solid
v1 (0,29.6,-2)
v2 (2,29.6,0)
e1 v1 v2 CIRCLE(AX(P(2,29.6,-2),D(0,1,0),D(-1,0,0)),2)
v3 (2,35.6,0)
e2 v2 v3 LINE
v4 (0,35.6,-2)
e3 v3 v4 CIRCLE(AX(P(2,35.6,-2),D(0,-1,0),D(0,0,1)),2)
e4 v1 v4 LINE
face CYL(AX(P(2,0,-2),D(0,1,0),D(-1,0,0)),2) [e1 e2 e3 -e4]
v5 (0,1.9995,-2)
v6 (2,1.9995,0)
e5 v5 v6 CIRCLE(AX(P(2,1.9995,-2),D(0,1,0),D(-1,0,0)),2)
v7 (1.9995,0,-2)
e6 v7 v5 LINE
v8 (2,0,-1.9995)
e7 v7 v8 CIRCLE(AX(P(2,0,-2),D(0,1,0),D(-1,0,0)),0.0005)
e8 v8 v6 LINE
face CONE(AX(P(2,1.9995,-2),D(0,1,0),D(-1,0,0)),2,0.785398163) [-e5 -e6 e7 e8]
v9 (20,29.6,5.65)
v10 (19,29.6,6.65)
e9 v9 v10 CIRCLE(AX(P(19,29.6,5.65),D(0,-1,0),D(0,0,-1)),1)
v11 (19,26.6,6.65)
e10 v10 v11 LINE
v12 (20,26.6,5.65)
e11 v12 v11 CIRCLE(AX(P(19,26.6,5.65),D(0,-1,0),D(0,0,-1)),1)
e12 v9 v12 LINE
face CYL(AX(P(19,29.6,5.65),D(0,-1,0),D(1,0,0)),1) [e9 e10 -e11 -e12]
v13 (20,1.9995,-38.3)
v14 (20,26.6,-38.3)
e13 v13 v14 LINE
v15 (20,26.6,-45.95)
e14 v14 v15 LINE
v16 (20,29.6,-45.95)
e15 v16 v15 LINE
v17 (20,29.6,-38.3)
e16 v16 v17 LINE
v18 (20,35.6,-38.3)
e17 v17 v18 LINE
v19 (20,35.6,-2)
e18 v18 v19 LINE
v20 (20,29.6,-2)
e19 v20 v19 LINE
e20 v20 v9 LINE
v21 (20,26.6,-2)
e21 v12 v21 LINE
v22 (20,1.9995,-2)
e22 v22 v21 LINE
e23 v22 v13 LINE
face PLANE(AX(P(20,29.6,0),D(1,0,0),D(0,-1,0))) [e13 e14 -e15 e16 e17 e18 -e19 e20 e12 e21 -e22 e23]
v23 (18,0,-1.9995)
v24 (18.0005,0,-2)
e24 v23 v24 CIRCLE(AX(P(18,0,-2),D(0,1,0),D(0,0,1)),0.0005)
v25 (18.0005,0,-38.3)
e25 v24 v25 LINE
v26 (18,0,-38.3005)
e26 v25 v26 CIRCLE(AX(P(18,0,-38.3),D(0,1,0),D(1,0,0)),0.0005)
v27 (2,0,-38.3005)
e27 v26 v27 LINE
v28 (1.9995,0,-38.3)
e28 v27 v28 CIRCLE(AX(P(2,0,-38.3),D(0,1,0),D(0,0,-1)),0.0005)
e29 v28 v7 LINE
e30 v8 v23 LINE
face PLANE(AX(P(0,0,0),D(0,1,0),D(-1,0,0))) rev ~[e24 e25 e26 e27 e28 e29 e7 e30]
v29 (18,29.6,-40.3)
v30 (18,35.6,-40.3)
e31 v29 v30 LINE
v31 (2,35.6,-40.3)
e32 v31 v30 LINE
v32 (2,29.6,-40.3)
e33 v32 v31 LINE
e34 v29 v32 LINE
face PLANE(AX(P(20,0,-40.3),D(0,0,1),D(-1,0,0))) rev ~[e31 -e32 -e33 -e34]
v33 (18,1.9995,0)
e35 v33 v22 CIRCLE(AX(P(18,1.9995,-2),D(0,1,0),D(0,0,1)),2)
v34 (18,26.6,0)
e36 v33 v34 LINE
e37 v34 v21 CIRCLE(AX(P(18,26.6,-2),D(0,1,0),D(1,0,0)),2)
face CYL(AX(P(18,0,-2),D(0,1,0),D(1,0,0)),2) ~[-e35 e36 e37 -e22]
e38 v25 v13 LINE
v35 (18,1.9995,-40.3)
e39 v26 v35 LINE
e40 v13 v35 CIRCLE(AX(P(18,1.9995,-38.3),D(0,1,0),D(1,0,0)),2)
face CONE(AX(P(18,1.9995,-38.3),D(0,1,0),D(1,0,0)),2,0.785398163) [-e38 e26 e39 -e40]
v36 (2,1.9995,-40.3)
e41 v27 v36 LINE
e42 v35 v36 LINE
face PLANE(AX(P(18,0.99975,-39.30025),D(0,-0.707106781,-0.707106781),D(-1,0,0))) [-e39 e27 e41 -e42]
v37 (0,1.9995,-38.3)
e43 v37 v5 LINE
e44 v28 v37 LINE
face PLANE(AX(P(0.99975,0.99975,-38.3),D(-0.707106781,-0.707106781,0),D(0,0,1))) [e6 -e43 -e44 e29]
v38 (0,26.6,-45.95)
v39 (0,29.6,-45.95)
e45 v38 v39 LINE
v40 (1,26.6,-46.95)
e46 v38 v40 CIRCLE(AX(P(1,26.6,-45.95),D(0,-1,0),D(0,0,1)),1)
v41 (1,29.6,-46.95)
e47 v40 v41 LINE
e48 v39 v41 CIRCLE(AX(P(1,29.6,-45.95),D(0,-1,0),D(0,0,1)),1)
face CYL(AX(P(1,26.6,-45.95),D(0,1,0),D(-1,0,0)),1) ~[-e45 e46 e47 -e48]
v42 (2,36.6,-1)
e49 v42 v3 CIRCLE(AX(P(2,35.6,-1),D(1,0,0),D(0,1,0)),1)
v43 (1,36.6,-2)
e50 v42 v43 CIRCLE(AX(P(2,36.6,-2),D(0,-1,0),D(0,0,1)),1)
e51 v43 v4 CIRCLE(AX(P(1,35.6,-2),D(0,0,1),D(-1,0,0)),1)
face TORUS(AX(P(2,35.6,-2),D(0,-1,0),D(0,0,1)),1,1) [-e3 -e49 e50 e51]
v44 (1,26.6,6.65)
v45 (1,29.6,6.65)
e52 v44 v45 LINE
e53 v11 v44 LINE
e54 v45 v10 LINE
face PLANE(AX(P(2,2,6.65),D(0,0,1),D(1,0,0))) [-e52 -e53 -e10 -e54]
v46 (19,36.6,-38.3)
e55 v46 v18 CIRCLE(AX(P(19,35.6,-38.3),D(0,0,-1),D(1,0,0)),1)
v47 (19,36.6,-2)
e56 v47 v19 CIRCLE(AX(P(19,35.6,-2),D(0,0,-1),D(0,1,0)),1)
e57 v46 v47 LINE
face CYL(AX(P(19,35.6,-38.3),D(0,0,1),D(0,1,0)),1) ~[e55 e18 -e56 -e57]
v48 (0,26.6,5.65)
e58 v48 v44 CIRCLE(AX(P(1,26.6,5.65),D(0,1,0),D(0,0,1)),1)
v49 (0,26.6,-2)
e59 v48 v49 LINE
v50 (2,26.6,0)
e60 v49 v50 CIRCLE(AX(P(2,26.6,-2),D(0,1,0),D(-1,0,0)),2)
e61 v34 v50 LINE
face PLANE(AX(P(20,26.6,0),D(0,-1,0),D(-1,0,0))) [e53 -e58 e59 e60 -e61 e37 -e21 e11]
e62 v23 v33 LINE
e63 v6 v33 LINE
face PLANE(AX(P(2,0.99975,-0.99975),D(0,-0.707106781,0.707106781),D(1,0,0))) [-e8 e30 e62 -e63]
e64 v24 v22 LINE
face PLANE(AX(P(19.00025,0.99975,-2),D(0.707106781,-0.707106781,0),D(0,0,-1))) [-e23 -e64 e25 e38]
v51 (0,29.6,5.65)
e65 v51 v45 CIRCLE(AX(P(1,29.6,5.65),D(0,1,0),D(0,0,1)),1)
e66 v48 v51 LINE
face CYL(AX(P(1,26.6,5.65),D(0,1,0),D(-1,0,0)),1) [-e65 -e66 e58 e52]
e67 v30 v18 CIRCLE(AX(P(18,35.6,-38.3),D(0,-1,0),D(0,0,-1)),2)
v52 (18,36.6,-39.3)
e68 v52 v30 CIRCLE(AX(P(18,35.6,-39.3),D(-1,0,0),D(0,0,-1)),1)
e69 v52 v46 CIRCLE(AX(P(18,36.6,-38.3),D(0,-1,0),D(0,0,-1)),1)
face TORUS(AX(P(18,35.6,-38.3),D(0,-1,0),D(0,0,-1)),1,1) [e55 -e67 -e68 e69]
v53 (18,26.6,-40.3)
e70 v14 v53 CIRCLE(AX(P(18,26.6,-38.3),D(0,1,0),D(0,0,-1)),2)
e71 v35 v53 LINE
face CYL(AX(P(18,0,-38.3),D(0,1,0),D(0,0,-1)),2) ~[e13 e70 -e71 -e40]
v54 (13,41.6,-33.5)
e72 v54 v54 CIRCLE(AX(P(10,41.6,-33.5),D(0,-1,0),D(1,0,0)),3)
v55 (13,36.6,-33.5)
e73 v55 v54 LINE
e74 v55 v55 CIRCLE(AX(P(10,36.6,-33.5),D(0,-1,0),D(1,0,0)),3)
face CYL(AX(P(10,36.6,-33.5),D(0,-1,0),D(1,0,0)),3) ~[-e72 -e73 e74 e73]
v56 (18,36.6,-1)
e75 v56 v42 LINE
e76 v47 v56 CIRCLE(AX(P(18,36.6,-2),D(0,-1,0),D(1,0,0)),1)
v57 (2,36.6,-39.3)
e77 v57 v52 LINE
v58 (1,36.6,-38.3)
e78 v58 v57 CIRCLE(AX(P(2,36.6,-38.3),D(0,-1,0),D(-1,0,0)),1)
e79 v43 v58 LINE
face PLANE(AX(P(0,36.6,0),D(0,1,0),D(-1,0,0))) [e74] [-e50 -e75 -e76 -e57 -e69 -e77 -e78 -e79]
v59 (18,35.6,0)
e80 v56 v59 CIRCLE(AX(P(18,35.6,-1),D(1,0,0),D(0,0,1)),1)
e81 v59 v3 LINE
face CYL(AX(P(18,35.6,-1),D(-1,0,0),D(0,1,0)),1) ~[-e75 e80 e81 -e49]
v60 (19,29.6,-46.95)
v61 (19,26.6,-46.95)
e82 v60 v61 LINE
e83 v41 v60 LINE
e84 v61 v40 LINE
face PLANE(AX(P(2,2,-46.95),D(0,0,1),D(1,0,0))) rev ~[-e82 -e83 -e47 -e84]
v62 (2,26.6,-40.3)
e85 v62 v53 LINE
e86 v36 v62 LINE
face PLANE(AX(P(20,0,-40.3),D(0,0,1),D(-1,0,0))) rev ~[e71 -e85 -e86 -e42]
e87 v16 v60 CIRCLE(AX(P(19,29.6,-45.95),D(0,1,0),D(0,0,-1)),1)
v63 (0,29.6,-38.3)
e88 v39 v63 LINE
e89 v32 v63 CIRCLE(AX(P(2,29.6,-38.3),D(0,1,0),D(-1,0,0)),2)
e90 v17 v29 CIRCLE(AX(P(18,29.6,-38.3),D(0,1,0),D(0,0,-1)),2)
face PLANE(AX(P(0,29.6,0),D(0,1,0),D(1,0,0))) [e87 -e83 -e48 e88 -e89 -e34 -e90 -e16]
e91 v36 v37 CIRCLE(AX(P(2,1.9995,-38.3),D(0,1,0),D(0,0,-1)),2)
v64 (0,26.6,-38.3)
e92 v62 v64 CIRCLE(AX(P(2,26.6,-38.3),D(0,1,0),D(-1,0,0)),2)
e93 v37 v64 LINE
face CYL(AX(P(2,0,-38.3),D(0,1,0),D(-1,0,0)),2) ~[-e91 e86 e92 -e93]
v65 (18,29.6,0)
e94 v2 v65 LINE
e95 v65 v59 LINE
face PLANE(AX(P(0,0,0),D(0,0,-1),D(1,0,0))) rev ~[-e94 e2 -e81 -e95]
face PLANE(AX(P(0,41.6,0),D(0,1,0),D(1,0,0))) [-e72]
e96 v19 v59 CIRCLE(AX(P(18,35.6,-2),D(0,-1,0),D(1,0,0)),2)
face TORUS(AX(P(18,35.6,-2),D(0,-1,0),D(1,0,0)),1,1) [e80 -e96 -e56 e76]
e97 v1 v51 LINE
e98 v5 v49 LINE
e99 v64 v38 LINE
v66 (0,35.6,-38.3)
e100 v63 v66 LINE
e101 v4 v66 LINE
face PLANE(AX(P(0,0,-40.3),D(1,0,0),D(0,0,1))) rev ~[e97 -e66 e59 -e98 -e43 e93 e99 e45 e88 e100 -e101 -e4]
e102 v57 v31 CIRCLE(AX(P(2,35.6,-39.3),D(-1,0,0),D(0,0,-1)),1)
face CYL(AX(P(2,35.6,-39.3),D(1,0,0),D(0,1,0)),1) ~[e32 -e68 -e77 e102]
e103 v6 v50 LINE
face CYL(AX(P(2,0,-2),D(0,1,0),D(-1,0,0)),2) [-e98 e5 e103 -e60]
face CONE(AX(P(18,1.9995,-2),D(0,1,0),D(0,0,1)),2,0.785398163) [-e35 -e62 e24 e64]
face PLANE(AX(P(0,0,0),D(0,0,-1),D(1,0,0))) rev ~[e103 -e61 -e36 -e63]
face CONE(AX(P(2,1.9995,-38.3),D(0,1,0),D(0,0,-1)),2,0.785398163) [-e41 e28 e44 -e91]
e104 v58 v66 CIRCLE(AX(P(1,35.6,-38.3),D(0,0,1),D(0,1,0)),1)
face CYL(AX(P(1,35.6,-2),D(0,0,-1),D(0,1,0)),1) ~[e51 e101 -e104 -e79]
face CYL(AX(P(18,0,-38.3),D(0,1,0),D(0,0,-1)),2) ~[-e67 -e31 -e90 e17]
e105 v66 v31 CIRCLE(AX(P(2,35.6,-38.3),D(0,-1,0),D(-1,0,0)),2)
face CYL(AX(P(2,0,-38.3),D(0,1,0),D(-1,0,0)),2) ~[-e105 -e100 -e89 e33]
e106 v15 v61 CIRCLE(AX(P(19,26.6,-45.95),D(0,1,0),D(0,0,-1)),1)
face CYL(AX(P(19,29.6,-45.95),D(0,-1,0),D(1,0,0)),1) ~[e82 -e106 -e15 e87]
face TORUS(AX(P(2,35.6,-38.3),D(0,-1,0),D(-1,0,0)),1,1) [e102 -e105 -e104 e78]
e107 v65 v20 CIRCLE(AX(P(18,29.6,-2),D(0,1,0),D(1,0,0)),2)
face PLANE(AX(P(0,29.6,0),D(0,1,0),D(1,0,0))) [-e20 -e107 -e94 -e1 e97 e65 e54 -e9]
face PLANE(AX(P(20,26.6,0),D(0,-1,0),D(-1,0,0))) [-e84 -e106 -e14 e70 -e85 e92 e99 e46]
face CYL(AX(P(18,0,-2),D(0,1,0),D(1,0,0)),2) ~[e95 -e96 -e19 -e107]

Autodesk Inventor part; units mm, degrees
ref_plane "YZ Plane" through (0, 0, 0) normal (1, 0, 0) x (0, 1, 0)
ref_plane "XZ Plane" through (0, 0, 0) normal (0, 1, 0) x (-1, 0, 0)
ref_plane "XY Plane" through (0, 0, 0) normal (0, 0, 1) x (1, 0, 0)
sketch "Sketch1" plane through (0, 0, 0) normal (0, 1, 0) x (-1, 0, 0)
  line L0 (0, 0) -> (-20, 0)
  line L1 (-20, 0) -> (-20, -40.3)
  line L2 (-20, -40.3) -> (0, -40.3)
  line L3 (0, -40.3) -> (0, 0)
  dimension "d0" = 20
  dimension "d1" = 40.3
extrude "Extrusion1" add sketch "Sketch1" along normal blind 36.6
fillet "Fillet1" radius 2 4 edges at (20, 18.3, 0) (0, 18.3, 0) (20, 18.3, -40.3) (0, 18.3, -40.3)
chamfer "Chamfer1" distance 2 angle 45 8 edges at (20, 0, -20.15) (19.4142, 0, -39.7142) (10, 0, -40.3) (0.5858, 0, -39.7142) (0, 0, -20.15) (0.5858, 0, -0.5858) (10, 0, 0) (19.4142, 0, -0.5858)
fillet "Fillet2" radius 1 8 edges at (19.4142, 36.6, -39.7142) (10, 36.6, -40.3) (0.5858, 36.6, -39.7142) (0, 36.6, -20.15) (0.5858, 36.6, -0.5858) (10, 36.6, 0) (19.4142, 36.6, -0.5858) (20, 36.6, -20.15)
sketch "Sketch2" plane through (0, 36.6, 0) normal (0, 1, 0) x (1, 0, 0)
  line L0 (2, 0) -> (18, 0) projected
  line L1 (18, 0) -> (2, 0) projected
  line L2 (10, 0) -> (10, 33.5)
  line L3 (10, 0) -> (43.5, 0) construction
  circle A0 centre (10, 33.5) radius 3
  point P0 (0, 0)
  dimension "d9" = 33.5
  dimension "d10" = 90
  dimension "d11" = 6
extrude "Extrusion2" add sketch "Sketch2" along normal blind 5
sketch "Sketch3" plane through (2, 2, 0) normal (0, 0, 1) x (1, 0, 0)
  line L0 (0, -2) -> (16, -2) projected
  line L1 (18, 33.6) -> (18, 0) projected
  line L2 (-2, 27.6) -> (18, 27.6)
  line L3 (18, 27.6) -> (18, 24.6)
  line L4 (18, 24.6) -> (-2, 24.6)
  line L5 (-2, 24.6) -> (-2, 27.6)
  point P0 (-2, -2)
  dimension "d14" = 3
  dimension "d15" = 26.6
extrude "Extrusion3" add sketch "Sketch3" along normal blind 6.65 and the other way blind 46.95
fillet "Fillet3" radius 1 4 edges at (20, 28.1, 6.65) (0, 28.1, 6.65) (20, 28.1, -46.95) (0, 28.1, -46.95)
properties part number "Servo"
